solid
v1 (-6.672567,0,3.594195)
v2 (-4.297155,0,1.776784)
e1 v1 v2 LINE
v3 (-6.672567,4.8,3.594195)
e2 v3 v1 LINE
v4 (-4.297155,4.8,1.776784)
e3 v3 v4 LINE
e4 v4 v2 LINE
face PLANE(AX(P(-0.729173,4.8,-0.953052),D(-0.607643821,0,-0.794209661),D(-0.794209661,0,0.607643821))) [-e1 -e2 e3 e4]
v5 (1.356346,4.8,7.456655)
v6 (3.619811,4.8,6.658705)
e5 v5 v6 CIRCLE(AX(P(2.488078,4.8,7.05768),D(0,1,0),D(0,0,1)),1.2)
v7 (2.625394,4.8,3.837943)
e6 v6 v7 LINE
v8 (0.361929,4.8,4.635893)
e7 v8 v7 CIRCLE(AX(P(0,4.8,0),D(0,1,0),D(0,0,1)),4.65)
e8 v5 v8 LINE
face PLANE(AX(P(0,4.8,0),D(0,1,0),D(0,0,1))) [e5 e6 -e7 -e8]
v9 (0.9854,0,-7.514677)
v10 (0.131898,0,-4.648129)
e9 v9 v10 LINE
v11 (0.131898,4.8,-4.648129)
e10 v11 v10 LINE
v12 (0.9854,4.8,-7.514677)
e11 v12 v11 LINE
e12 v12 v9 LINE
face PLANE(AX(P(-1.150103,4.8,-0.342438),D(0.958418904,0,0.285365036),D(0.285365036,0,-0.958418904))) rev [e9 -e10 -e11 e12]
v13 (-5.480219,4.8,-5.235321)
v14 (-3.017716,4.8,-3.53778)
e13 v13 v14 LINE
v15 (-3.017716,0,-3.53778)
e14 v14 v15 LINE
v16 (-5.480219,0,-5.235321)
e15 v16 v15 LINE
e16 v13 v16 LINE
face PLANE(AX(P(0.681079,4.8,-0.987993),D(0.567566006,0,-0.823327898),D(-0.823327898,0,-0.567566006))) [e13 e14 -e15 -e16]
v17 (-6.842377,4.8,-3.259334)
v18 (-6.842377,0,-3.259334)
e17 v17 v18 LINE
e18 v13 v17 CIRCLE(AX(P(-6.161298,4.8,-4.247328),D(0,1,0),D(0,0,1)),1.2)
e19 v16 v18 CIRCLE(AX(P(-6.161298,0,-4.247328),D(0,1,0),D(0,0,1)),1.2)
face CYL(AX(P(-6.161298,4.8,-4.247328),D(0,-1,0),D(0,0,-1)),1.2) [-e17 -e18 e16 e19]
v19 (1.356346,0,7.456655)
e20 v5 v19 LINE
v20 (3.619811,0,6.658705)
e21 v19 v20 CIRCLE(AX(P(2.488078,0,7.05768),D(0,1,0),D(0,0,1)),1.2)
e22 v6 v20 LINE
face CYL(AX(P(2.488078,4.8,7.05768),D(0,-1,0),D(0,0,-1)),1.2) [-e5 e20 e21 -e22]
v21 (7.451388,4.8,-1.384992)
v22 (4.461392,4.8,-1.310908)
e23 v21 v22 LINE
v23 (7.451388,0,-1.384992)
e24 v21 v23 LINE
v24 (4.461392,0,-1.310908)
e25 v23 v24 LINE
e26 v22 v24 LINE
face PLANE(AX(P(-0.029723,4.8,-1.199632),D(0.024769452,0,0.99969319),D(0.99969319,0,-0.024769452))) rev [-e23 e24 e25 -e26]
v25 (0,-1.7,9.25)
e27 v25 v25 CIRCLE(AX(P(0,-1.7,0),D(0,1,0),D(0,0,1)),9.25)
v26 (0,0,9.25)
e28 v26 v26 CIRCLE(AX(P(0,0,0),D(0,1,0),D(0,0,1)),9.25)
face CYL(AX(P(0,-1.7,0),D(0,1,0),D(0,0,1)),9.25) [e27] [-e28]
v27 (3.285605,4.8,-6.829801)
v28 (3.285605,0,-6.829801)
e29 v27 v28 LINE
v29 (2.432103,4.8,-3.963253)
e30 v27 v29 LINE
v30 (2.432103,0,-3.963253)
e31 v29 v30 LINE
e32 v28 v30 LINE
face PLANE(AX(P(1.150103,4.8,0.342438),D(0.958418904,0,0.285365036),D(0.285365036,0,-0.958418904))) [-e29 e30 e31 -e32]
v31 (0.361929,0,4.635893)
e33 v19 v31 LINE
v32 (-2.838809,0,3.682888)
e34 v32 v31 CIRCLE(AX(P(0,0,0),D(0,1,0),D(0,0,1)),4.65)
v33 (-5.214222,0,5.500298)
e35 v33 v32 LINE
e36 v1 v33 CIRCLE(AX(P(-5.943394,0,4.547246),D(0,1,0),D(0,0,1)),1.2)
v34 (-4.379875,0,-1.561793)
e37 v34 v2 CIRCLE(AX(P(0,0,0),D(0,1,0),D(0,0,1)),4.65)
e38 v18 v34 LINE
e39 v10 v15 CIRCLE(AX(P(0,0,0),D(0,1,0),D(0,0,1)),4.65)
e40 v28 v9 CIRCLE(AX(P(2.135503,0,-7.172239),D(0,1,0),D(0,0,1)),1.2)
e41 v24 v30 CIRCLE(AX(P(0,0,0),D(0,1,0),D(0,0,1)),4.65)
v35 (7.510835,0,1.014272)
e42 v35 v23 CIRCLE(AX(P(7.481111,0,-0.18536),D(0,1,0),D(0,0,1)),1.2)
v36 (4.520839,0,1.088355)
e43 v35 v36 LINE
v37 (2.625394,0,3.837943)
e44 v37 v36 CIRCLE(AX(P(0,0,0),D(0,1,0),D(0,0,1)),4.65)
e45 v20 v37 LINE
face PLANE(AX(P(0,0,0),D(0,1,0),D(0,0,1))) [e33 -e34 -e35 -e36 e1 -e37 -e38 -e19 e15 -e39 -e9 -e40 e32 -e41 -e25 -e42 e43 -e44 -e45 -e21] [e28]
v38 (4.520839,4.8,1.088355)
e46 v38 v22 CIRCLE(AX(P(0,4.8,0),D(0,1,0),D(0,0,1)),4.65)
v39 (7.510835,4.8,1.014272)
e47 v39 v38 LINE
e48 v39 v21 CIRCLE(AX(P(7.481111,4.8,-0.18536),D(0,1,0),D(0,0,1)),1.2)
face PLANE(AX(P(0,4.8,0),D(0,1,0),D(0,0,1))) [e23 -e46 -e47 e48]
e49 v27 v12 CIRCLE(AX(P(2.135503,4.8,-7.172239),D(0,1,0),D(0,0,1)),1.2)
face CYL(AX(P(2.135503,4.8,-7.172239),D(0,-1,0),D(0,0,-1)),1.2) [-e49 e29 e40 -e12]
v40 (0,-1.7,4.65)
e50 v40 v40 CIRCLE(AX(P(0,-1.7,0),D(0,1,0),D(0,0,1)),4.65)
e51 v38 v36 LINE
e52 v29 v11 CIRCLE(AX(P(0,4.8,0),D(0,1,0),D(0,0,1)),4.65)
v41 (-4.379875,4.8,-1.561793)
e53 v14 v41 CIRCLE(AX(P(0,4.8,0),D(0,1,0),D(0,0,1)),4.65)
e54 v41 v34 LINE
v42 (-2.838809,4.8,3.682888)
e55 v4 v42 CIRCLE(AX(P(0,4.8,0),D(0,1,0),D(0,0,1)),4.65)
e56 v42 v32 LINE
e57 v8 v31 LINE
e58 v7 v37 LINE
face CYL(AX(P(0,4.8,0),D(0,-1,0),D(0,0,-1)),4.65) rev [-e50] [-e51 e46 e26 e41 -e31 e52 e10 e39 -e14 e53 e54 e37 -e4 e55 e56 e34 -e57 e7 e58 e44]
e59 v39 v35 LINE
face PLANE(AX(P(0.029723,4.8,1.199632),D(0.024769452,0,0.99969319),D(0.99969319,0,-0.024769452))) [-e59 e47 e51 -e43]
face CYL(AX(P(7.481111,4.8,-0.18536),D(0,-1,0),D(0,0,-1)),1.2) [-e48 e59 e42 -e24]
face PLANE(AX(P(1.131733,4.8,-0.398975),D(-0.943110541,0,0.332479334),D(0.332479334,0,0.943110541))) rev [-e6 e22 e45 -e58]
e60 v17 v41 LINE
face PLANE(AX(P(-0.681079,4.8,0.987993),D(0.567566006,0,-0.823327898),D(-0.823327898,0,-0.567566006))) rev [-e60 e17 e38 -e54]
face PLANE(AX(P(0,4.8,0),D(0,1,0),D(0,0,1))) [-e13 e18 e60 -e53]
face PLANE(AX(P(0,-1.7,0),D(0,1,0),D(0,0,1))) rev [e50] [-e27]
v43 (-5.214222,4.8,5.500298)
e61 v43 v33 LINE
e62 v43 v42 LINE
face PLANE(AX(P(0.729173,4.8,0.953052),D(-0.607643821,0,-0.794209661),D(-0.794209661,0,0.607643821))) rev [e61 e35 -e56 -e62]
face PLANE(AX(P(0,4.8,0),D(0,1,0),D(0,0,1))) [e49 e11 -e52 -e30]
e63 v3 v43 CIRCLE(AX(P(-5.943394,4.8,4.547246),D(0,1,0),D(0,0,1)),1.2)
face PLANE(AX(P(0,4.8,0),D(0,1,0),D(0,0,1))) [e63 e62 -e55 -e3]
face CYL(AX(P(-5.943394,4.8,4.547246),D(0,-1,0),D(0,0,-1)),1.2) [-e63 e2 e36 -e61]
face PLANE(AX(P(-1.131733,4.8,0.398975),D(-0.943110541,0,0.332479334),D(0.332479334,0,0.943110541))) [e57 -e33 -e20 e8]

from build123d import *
from build123d.topology import SkipClean

# Parameters (mm, degrees)
BOSS_EXTRUDE1_DEPTH   = 4.8
BOSS_EXTRUDE1_2_DEPTH = 4.8
BOSS_EXTRUDE1_3_DEPTH = 4.8
BOSS_EXTRUDE1_4_DEPTH = 4.8
BOSS_EXTRUDE1_5_DEPTH = 4.8
BOSS_EXTRUDE2_START   = -1.7
SKETCH1_3_R           = 9.25
SKETCH1_3_R_2         = 4.65
BOSS_EXTRUDE2_DEPTH   = 1.7


with BuildPart() as part:
    # Sketch1 → Boss-Extrude1 (new body)
    with BuildSketch(Plane(origin=(0, 0, 0), x_dir=(1, 0, 0), z_dir=(0, 1, 0))):
        with BuildLine():
            ThreePointArc((-5.480218714, 5.235321016), (-7.1492914, 4.928406745), (-6.842377129, 3.259334059))
            Line((-6.842377129, 3.259334059), (-4.379874637, 1.561793252))
            ThreePointArc((-4.379874637, 1.561793252), (-3.828474728, 2.63918193), (-3.017716222, 3.537780209))
            Line((-3.017716222, 3.537780209), (-5.480218714, 5.235321016))
        make_face()
    extrude(amount=BOSS_EXTRUDE1_DEPTH)



with BuildPart() as body_2:
    # Sketch1 → Boss-Extrude1 2 (new body)
    with BuildSketch(Plane(origin=(0, 0, 0), x_dir=(1, 0, 0), z_dir=(0, 1, 0))):
        with BuildLine():
            ThreePointArc((-2.838809346, -3.682887658), (-3.693074925, -2.82554377), (-4.297154517, -1.77678447))
            Line((-4.297154517, -1.77678447), (-6.672566882, -3.594194554))
            ThreePointArc((-6.672566882, -3.594194554), (-6.89644589, -5.276418733), (-5.214221711, -5.500297741))
            Line((-5.214221711, -5.500297741), (-2.838809346, -3.682887658))
        make_face()
    extrude(amount=BOSS_EXTRUDE1_2_DEPTH)


with BuildPart() as body_3:
    # Sketch1 → Boss-Extrude1 3 (new body)
    with BuildSketch(Plane(origin=(0, 0, 0), x_dir=(1, 0, 0), z_dir=(0, 1, 0))):
        with BuildLine():
            Line((0.985400081, 7.51467697), (0.131897954, 4.648128971))
            ThreePointArc((0.131897954, 4.648128971), (1.326947418, 4.456647905), (2.432103324, 3.963252884))
            Line((2.432103324, 3.963252884), (3.285605451, 6.829800884))
            ThreePointArc((3.285605451, 6.829800884), (2.47794081, 8.322341612), (0.985400081, 7.51467697))
        make_face()
    extrude(amount=BOSS_EXTRUDE1_3_DEPTH)


with BuildPart() as body_4:
    # Sketch1 → Boss-Extrude1 4 (new body)
    with BuildSketch(Plane(origin=(0, 0, 0), x_dir=(1, 0, 0), z_dir=(0, 1, 0))):
        with BuildLine():
            ThreePointArc((2.625393974, -3.837943001), (1.546028901, -4.385464016), (0.361928675, -4.635893402))
            Line((0.361928675, -4.635893402), (1.356345588, -7.456655412))
            ThreePointArc((1.356345588, -7.456655412), (2.887053438, -8.189412861), (3.619810887, -6.658705012))
            Line((3.619810887, -6.658705012), (2.625393974, -3.837943001))
        make_face()
    extrude(amount=BOSS_EXTRUDE1_4_DEPTH)


with BuildPart() as body_5:
    # Sketch1 → Boss-Extrude1 5 (new body)
    with BuildSketch(Plane(origin=(0, 0, 0), x_dir=(1, 0, 0), z_dir=(0, 1, 0))):
        with BuildLine():
            Line((7.451387872, 1.384991723), (4.461392056, 1.310908436))
            ThreePointArc((4.461392056, 1.310908436), (4.648573334, 0.115177951), (4.52083874, -1.08835522))
            Line((4.52083874, -1.08835522), (7.510834557, -1.014271933))
            ThreePointArc((7.510834557, -1.014271933), (8.680743042, 0.215083237), (7.451387872, 1.384991723))
        make_face()
    extrude(amount=BOSS_EXTRUDE1_5_DEPTH)


with BuildPart() as part_1:
    with SkipClean():  # the faces are left unmerged after this step: merging them gives an invalid solid
        add(part.part)

        add(body_2.part)  # Boss-Extrude2 merges body 2

        add(body_3.part)  # Boss-Extrude2 merges body 3

        add(body_4.part)  # Boss-Extrude2 merges body 4

        add(body_5.part)  # Boss-Extrude2 merges body 5
        # Sketch1<3> → Boss-Extrude2 (add)
        with BuildSketch(Plane(origin=(0, 0, 0), x_dir=(1, 0, 0), z_dir=(0, 1, 0)).offset(BOSS_EXTRUDE2_START)):
            Circle(SKETCH1_3_R)
            Circle(SKETCH1_3_R_2, mode=Mode.SUBTRACT)
        extrude(amount=BOSS_EXTRUDE2_DEPTH)


solid = part_1.part
